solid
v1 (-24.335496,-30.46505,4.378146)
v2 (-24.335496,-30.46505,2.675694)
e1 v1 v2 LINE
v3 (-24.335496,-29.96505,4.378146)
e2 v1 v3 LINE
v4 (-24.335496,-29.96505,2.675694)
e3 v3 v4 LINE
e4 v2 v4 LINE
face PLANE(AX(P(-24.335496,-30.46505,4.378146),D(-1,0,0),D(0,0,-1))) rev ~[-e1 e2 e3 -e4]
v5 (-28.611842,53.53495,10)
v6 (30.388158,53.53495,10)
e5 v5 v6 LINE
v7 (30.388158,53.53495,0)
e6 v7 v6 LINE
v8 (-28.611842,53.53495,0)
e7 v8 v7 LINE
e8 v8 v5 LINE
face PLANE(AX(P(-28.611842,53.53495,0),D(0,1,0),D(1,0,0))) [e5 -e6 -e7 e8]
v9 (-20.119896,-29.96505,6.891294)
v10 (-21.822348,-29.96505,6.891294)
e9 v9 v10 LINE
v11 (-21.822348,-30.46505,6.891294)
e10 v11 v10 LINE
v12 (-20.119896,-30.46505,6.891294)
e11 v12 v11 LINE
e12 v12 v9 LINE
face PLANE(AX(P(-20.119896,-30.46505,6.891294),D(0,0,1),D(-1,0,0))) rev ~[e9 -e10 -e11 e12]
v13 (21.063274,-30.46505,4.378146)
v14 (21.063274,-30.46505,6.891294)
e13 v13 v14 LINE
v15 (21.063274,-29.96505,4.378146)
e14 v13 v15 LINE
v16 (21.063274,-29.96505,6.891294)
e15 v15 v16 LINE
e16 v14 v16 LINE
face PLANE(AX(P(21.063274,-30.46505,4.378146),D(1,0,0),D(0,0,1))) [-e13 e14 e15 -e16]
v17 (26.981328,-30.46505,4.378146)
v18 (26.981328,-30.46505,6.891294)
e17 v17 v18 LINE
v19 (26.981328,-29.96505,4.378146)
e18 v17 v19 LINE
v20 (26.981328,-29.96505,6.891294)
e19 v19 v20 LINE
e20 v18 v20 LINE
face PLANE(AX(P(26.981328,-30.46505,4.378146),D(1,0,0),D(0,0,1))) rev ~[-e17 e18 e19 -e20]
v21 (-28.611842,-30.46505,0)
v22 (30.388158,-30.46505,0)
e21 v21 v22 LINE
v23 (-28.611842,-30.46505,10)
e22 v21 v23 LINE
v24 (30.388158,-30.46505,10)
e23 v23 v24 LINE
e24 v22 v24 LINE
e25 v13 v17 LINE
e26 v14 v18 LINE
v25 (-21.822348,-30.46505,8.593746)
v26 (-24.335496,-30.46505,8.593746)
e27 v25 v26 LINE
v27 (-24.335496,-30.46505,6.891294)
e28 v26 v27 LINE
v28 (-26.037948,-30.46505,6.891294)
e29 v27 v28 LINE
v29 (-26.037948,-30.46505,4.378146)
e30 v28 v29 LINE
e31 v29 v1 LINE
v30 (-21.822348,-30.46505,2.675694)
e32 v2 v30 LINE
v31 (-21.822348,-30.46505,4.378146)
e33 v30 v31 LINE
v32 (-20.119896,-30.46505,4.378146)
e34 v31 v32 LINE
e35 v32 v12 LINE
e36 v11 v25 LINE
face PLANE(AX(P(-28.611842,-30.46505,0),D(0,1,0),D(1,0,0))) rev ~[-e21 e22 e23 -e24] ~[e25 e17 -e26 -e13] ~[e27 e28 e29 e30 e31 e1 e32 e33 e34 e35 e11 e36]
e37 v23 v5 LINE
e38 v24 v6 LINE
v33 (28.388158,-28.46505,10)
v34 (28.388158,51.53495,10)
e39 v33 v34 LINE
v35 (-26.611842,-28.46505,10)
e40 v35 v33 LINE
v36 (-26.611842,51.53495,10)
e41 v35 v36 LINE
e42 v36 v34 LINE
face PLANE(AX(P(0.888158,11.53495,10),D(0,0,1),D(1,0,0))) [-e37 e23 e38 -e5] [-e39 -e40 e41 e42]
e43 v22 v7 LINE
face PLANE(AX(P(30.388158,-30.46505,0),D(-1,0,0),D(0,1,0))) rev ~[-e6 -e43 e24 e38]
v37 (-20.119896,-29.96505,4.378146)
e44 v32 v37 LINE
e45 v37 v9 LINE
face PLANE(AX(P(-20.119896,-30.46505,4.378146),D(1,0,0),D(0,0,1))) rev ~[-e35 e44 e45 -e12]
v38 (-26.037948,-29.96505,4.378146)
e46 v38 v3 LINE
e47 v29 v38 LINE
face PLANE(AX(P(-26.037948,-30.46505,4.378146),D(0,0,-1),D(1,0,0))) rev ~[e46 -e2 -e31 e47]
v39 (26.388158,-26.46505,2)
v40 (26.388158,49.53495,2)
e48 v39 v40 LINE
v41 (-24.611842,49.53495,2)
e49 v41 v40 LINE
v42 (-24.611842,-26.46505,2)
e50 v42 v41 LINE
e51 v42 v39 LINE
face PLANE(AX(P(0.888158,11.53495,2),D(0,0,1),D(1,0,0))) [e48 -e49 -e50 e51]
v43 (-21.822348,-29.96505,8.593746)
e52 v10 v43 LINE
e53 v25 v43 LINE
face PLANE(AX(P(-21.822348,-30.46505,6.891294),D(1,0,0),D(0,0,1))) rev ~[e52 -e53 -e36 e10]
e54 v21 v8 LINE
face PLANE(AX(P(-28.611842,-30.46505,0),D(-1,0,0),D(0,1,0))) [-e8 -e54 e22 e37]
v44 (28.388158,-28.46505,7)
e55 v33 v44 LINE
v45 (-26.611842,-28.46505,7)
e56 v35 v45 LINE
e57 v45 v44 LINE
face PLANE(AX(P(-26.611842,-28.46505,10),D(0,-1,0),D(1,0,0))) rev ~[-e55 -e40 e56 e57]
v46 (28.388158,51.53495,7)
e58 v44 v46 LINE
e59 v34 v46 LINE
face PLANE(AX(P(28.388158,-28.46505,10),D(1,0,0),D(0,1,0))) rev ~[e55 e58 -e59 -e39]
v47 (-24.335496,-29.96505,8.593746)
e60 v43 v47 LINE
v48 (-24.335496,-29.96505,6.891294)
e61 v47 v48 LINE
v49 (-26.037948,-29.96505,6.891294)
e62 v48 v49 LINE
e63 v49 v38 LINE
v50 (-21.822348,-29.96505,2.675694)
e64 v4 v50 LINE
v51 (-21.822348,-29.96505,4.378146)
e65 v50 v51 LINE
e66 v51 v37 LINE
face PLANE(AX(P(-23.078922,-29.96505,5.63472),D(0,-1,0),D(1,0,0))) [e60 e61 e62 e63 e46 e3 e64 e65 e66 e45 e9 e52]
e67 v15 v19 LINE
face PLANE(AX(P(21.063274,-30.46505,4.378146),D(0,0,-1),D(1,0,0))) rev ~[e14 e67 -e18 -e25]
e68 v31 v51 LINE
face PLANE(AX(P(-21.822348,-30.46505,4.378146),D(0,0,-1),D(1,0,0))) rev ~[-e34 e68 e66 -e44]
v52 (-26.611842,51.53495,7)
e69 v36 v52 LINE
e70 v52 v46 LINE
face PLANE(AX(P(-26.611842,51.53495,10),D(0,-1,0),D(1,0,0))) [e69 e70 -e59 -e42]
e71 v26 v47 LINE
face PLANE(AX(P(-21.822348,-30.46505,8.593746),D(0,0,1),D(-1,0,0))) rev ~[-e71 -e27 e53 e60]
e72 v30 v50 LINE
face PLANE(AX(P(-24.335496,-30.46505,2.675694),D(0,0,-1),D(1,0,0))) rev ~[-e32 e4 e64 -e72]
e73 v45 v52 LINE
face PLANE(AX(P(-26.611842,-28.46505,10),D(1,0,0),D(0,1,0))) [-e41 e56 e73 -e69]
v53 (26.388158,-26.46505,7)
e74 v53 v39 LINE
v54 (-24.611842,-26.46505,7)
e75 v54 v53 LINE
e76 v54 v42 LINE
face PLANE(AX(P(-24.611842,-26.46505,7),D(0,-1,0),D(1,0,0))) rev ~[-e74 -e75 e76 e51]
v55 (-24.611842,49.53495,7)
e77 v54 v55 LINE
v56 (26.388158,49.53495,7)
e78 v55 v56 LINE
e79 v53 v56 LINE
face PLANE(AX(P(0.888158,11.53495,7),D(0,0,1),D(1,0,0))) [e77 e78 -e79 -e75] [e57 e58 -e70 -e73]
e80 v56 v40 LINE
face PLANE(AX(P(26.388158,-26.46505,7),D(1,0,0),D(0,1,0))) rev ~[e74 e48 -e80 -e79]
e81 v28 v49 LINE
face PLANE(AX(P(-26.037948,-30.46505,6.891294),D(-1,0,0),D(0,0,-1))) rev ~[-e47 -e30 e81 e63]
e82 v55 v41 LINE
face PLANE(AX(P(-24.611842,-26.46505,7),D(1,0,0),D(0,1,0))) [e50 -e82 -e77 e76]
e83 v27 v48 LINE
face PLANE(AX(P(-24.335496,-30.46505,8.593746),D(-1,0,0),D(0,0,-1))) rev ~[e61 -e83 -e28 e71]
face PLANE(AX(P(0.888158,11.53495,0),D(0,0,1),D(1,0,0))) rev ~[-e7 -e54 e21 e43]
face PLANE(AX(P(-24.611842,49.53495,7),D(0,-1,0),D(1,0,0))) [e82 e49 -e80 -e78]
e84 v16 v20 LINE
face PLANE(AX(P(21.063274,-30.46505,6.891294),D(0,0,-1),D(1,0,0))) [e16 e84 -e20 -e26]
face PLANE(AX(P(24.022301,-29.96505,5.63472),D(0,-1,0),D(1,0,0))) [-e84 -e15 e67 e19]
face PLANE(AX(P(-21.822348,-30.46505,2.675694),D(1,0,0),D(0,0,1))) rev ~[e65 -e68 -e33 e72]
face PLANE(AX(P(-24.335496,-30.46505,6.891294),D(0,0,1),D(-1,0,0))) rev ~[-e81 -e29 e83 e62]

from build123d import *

# Parameters (mm, degrees)
F0_W     = 59
F0_H     = 84
F1_DEPTH = 10
F2_W     = 55
F2_H     = 80
F3_DEPTH = 3
F4_W     = 51
F4_H     = 76
F5_DEPTH = 5
F6_W     = 5.918054
F6_H     = 2.513148
F7_DEPTH = 0.5


with BuildPart() as f1:
    # F0 (on Top) → F1 (new body)
    with BuildSketch(Plane.XY):
        with Locations((0.888158, 11.53495)):
            Rectangle(F0_W, F0_H)
    extrude(amount=F1_DEPTH)

    # F2 (on face) → F3 (cut)
    with BuildSketch(Plane.XY.offset(10)):
        with Locations((0.888158, 11.53495)):
            Rectangle(F2_W, F2_H)
    extrude(amount=-F3_DEPTH, mode=Mode.SUBTRACT)

    # F4 (on face) → F5 (cut)
    with BuildSketch(Plane.XY.offset(7)):
        with Locations((0.888158, 11.53495)):
            Rectangle(F4_W, F4_H)
    extrude(amount=-F5_DEPTH, mode=Mode.SUBTRACT)

    # F6 (on face) → F7 (cut)
    with BuildSketch(Plane.XZ.offset(30.46505)):
        Polygon((-20.119896, 4.378146), (-20.119896, 6.891294), (-21.822348, 6.891294), (-21.822348, 8.593746), (-24.335496, 8.593746), (-24.335496, 6.891294), (-26.037948, 6.891294), (-26.037948, 4.378146), (-24.335496, 4.378146), (-24.335496, 2.675694), (-21.822348, 2.675694), (-21.822348, 4.378146), align=None)
        with Locations((24.022301, 5.63472)):
            Rectangle(F6_W, F6_H)
    extrude(amount=-F7_DEPTH, mode=Mode.SUBTRACT)


solid = f1.part
